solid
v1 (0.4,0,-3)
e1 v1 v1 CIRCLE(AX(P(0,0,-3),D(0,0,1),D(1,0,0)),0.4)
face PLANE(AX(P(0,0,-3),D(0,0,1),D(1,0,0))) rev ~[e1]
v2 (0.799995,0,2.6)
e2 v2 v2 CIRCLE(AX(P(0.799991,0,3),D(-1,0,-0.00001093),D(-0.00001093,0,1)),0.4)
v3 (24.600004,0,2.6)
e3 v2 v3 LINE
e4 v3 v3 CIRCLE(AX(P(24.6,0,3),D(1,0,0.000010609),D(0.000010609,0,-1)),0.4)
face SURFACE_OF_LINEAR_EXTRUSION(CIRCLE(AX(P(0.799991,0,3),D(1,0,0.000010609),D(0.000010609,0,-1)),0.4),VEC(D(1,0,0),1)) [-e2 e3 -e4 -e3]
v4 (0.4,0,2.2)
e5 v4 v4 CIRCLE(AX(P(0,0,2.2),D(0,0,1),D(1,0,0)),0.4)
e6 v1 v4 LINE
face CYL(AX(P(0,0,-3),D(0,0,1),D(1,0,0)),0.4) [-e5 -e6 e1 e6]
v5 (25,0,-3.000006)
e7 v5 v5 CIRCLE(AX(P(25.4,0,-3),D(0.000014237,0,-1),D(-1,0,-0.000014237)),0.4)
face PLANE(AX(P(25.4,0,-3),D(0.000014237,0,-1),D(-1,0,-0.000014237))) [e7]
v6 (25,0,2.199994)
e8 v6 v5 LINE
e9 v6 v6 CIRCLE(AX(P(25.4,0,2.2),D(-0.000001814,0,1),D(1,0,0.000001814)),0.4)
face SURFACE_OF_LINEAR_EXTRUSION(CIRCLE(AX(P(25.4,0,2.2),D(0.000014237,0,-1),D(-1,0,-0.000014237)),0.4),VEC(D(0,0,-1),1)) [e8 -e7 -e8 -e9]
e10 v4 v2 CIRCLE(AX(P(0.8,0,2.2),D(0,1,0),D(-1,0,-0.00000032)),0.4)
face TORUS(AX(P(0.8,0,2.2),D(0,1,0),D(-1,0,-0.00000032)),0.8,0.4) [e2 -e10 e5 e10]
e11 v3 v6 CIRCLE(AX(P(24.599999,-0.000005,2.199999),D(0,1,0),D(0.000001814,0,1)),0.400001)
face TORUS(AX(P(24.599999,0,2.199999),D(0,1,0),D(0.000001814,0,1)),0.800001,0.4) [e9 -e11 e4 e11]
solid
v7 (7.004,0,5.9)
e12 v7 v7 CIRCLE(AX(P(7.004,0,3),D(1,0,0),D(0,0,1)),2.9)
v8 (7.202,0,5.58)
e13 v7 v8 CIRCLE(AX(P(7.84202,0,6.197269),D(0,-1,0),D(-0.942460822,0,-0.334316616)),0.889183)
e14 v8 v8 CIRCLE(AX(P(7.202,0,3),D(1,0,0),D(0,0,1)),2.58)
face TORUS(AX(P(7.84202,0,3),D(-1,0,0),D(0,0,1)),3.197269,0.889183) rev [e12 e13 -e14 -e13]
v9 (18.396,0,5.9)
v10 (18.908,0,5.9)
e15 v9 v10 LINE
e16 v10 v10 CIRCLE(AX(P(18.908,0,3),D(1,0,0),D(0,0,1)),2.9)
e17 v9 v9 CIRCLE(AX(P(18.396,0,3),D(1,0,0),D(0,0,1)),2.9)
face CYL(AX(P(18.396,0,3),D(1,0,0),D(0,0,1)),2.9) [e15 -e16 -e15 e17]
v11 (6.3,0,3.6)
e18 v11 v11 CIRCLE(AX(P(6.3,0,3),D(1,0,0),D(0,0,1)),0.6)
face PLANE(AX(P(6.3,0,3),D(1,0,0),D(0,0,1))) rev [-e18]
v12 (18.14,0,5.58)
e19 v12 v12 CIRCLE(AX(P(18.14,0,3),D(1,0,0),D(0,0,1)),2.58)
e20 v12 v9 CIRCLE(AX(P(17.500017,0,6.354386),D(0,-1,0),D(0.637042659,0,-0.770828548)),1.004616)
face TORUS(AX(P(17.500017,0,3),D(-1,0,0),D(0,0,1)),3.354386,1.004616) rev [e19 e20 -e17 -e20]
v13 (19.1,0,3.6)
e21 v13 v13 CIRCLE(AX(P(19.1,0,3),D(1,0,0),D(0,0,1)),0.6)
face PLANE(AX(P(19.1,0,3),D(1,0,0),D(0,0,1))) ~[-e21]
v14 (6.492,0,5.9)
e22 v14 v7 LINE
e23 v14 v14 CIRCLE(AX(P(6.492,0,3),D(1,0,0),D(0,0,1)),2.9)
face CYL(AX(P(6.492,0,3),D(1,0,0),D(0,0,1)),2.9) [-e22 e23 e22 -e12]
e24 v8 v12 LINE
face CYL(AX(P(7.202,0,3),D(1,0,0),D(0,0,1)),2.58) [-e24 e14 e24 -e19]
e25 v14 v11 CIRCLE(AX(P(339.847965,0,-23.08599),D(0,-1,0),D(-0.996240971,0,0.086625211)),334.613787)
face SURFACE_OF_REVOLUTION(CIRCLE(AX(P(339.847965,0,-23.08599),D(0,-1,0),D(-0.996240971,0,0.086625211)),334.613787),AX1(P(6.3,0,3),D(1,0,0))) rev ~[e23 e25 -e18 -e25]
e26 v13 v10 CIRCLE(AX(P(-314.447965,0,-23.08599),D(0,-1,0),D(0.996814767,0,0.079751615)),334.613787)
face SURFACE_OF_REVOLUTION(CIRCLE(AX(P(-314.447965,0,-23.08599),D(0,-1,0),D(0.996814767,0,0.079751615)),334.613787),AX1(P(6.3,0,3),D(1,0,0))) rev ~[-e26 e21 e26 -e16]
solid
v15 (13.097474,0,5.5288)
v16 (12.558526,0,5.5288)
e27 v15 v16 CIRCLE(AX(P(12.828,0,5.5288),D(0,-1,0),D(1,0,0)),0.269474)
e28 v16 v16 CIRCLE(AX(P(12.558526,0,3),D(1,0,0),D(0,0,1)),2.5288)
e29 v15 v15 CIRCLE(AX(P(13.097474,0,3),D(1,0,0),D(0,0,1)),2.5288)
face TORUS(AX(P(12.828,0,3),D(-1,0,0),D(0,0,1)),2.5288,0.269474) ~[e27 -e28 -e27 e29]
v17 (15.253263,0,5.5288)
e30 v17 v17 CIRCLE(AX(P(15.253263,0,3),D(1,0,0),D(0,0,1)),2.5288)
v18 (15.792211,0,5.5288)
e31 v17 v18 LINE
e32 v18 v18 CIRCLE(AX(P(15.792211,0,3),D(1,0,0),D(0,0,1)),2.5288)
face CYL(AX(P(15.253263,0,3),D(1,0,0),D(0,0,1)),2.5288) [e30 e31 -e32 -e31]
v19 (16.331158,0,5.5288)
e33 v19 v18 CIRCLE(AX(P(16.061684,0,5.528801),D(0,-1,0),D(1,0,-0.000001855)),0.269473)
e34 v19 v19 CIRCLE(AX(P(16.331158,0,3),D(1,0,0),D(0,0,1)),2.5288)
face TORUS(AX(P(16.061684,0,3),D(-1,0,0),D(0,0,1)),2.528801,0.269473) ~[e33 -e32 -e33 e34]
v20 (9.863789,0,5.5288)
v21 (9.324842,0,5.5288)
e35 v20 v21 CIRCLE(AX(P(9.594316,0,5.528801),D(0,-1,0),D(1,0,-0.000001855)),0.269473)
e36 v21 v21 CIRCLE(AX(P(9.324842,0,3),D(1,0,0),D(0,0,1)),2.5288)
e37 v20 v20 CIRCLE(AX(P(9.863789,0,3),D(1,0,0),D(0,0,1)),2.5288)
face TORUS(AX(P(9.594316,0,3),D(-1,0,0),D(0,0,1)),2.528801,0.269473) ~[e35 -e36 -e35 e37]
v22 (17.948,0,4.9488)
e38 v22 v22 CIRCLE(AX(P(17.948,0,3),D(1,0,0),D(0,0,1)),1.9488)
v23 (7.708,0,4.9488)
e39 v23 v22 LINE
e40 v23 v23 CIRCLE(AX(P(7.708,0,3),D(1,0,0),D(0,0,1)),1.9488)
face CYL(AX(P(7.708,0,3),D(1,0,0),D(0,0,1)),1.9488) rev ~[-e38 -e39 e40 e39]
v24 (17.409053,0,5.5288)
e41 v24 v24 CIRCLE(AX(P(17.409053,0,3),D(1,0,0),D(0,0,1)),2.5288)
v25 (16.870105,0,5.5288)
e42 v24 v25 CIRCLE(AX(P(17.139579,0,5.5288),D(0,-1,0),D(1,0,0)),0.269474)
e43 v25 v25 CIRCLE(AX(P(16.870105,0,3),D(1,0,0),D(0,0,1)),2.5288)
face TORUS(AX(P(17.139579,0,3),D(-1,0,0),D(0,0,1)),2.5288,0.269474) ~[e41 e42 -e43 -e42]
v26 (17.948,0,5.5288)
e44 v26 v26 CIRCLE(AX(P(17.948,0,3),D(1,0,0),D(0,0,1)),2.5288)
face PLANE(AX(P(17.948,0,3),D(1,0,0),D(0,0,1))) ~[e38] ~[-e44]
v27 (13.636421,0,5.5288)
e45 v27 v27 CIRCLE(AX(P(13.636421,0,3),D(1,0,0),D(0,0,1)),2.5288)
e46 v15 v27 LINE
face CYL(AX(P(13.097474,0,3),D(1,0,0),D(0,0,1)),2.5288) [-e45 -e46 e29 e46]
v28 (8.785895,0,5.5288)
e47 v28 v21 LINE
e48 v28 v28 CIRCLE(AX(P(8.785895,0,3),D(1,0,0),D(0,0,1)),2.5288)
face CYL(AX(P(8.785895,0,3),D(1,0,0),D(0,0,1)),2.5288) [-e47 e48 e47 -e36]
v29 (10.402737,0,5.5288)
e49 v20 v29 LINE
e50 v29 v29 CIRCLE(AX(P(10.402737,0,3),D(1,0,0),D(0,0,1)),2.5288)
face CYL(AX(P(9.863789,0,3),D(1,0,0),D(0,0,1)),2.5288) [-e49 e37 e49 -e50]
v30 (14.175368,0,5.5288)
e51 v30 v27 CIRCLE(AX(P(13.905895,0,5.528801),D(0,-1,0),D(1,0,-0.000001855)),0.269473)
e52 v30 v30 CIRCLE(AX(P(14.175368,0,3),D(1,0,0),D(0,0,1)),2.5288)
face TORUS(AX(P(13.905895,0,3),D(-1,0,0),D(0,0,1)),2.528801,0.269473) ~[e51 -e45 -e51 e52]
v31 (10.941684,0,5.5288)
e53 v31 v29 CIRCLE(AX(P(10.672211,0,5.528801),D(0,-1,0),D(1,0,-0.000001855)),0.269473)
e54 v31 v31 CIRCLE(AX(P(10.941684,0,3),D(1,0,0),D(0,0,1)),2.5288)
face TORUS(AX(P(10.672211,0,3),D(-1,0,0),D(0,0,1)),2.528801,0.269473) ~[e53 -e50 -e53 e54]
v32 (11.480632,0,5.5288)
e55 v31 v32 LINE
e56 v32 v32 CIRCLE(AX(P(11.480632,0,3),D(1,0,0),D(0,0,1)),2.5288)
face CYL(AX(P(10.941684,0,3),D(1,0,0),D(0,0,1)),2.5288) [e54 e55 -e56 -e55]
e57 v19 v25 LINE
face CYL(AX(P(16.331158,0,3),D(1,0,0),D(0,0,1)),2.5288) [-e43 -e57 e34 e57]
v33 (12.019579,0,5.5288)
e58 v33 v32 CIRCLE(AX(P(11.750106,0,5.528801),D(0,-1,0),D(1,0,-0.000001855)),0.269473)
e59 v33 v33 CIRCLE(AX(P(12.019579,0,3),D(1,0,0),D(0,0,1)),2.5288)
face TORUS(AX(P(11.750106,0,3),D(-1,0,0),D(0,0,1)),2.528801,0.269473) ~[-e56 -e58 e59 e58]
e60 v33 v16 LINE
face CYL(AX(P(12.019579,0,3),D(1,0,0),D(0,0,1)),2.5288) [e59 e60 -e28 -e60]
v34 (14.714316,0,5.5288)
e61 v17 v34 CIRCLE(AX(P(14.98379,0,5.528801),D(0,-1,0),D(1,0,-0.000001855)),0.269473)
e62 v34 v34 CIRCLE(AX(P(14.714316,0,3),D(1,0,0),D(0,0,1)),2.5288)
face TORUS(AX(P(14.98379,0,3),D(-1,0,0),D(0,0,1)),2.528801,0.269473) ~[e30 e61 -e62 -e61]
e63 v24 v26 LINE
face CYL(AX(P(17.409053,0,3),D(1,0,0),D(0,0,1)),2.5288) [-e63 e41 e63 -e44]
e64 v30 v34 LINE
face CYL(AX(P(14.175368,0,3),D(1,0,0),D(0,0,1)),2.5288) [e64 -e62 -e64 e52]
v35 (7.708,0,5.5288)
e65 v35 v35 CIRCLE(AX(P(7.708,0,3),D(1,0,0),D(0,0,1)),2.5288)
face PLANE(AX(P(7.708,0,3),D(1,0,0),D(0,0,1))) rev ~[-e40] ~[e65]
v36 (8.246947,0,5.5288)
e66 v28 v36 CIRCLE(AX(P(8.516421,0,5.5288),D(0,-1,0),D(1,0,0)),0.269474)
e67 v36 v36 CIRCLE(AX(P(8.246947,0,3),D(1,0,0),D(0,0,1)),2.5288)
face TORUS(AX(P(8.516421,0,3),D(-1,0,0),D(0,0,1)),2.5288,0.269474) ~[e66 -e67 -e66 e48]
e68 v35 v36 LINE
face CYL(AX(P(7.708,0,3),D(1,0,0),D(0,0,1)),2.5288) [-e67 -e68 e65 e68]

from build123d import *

# Parameters (mm, degrees)
SKETCH_R = 0.4


with BuildPart() as revolution:
    # Sketch002 → Revolution (revolve)
    with BuildSketch(Plane.XZ):
        with BuildLine():
            Line((6.492, 5.9), (7.004, 5.9))
            ThreePointArc((7.004, 5.9), (7.085878, 5.729406), (7.202, 5.58))
            Line((7.202, 5.58), (18.14, 5.58))
            ThreePointArc((18.14, 5.58), (18.28449, 5.726808), (18.396, 5.9))
            Line((18.396, 5.9), (18.908, 5.9))
            ThreePointArc((19.1, 3.6), (19.005983, 4.750166), (18.908, 5.9))
            Line((19.1, 3), (19.1, 3.6))
            Line((6.3, 3), (19.1, 3))
            Line((6.3, 3), (6.3, 3.6))
            ThreePointArc((6.492, 5.9), (6.394017, 4.750166), (6.3, 3.6))
        make_face()
    revolve(axis=Axis((6.3, 0, 3), (1, 0, 0)))


with BuildPart() as sweep_body:
    # Sweep: sweep along a path in Sketch001
    with BuildLine(Plane.XZ) as sweep_path:
        Line((0, -3), (0, 2.2))
        ThreePointArc((0, 2.2), (0.234311, 2.765682), (0.799991, 3))
        Line((0.799991, 3), (24.6, 3))
        ThreePointArc((24.6, 3), (25.165685, 2.765685), (25.4, 2.2))
        Line((25.4, 2.2), (25.4, -3))
    # Sketch → Sweep (sweep)
    with BuildSketch(Plane.XY.offset(-2)):
        Circle(SKETCH_R)
    sweep(path=sweep_path.line)


with BuildPart() as revolution001:
    # Sketch003 → Revolution001 (revolve)
    with BuildSketch(Plane.XZ):
        with BuildLine():
            ThreePointArc((8.785895, 5.5288), (8.516421, 5.798274), (8.246947, 5.5288))
            Line((7.708, 5.5288), (8.246947, 5.5288))
            Line((7.708, 5.5288), (7.708, 4.9488))
            Line((7.708, 4.9488), (17.948, 4.9488))
            Line((17.948, 4.9488), (17.948, 5.5288))
            Line((17.409053, 5.5288), (17.948, 5.5288))
            ThreePointArc((17.409053, 5.5288), (17.139579, 5.798274), (16.870105, 5.5288))
            Line((16.331158, 5.5288), (16.870105, 5.5288))
            ThreePointArc((16.331158, 5.5288), (16.061684, 5.798274), (15.792211, 5.5288))
            Line((15.253263, 5.5288), (15.792211, 5.5288))
            ThreePointArc((15.253263, 5.5288), (14.983789, 5.798274), (14.714316, 5.5288))
            Line((14.175368, 5.5288), (14.714316, 5.5288))
            ThreePointArc((14.175368, 5.5288), (13.905895, 5.798274), (13.636421, 5.5288))
            Line((13.097474, 5.5288), (13.636421, 5.5288))
            ThreePointArc((13.097474, 5.5288), (12.828, 5.798274), (12.558526, 5.5288))
            Line((12.019579, 5.5288), (12.558526, 5.5288))
            ThreePointArc((12.019579, 5.5288), (11.750105, 5.798274), (11.480632, 5.5288))
            Line((10.941684, 5.5288), (11.480632, 5.5288))
            ThreePointArc((10.941684, 5.5288), (10.672211, 5.798274), (10.402737, 5.5288))
            Line((9.863789, 5.5288), (10.402737, 5.5288))
            ThreePointArc((9.863789, 5.5288), (9.594316, 5.798274), (9.324842, 5.5288))
            Line((8.785895, 5.5288), (9.324842, 5.5288))
        make_face()
    revolve(axis=Axis((6.62, 0, 3), (1, 0, 0)))


solid = Compound([revolution.part, sweep_body.part, revolution001.part])
